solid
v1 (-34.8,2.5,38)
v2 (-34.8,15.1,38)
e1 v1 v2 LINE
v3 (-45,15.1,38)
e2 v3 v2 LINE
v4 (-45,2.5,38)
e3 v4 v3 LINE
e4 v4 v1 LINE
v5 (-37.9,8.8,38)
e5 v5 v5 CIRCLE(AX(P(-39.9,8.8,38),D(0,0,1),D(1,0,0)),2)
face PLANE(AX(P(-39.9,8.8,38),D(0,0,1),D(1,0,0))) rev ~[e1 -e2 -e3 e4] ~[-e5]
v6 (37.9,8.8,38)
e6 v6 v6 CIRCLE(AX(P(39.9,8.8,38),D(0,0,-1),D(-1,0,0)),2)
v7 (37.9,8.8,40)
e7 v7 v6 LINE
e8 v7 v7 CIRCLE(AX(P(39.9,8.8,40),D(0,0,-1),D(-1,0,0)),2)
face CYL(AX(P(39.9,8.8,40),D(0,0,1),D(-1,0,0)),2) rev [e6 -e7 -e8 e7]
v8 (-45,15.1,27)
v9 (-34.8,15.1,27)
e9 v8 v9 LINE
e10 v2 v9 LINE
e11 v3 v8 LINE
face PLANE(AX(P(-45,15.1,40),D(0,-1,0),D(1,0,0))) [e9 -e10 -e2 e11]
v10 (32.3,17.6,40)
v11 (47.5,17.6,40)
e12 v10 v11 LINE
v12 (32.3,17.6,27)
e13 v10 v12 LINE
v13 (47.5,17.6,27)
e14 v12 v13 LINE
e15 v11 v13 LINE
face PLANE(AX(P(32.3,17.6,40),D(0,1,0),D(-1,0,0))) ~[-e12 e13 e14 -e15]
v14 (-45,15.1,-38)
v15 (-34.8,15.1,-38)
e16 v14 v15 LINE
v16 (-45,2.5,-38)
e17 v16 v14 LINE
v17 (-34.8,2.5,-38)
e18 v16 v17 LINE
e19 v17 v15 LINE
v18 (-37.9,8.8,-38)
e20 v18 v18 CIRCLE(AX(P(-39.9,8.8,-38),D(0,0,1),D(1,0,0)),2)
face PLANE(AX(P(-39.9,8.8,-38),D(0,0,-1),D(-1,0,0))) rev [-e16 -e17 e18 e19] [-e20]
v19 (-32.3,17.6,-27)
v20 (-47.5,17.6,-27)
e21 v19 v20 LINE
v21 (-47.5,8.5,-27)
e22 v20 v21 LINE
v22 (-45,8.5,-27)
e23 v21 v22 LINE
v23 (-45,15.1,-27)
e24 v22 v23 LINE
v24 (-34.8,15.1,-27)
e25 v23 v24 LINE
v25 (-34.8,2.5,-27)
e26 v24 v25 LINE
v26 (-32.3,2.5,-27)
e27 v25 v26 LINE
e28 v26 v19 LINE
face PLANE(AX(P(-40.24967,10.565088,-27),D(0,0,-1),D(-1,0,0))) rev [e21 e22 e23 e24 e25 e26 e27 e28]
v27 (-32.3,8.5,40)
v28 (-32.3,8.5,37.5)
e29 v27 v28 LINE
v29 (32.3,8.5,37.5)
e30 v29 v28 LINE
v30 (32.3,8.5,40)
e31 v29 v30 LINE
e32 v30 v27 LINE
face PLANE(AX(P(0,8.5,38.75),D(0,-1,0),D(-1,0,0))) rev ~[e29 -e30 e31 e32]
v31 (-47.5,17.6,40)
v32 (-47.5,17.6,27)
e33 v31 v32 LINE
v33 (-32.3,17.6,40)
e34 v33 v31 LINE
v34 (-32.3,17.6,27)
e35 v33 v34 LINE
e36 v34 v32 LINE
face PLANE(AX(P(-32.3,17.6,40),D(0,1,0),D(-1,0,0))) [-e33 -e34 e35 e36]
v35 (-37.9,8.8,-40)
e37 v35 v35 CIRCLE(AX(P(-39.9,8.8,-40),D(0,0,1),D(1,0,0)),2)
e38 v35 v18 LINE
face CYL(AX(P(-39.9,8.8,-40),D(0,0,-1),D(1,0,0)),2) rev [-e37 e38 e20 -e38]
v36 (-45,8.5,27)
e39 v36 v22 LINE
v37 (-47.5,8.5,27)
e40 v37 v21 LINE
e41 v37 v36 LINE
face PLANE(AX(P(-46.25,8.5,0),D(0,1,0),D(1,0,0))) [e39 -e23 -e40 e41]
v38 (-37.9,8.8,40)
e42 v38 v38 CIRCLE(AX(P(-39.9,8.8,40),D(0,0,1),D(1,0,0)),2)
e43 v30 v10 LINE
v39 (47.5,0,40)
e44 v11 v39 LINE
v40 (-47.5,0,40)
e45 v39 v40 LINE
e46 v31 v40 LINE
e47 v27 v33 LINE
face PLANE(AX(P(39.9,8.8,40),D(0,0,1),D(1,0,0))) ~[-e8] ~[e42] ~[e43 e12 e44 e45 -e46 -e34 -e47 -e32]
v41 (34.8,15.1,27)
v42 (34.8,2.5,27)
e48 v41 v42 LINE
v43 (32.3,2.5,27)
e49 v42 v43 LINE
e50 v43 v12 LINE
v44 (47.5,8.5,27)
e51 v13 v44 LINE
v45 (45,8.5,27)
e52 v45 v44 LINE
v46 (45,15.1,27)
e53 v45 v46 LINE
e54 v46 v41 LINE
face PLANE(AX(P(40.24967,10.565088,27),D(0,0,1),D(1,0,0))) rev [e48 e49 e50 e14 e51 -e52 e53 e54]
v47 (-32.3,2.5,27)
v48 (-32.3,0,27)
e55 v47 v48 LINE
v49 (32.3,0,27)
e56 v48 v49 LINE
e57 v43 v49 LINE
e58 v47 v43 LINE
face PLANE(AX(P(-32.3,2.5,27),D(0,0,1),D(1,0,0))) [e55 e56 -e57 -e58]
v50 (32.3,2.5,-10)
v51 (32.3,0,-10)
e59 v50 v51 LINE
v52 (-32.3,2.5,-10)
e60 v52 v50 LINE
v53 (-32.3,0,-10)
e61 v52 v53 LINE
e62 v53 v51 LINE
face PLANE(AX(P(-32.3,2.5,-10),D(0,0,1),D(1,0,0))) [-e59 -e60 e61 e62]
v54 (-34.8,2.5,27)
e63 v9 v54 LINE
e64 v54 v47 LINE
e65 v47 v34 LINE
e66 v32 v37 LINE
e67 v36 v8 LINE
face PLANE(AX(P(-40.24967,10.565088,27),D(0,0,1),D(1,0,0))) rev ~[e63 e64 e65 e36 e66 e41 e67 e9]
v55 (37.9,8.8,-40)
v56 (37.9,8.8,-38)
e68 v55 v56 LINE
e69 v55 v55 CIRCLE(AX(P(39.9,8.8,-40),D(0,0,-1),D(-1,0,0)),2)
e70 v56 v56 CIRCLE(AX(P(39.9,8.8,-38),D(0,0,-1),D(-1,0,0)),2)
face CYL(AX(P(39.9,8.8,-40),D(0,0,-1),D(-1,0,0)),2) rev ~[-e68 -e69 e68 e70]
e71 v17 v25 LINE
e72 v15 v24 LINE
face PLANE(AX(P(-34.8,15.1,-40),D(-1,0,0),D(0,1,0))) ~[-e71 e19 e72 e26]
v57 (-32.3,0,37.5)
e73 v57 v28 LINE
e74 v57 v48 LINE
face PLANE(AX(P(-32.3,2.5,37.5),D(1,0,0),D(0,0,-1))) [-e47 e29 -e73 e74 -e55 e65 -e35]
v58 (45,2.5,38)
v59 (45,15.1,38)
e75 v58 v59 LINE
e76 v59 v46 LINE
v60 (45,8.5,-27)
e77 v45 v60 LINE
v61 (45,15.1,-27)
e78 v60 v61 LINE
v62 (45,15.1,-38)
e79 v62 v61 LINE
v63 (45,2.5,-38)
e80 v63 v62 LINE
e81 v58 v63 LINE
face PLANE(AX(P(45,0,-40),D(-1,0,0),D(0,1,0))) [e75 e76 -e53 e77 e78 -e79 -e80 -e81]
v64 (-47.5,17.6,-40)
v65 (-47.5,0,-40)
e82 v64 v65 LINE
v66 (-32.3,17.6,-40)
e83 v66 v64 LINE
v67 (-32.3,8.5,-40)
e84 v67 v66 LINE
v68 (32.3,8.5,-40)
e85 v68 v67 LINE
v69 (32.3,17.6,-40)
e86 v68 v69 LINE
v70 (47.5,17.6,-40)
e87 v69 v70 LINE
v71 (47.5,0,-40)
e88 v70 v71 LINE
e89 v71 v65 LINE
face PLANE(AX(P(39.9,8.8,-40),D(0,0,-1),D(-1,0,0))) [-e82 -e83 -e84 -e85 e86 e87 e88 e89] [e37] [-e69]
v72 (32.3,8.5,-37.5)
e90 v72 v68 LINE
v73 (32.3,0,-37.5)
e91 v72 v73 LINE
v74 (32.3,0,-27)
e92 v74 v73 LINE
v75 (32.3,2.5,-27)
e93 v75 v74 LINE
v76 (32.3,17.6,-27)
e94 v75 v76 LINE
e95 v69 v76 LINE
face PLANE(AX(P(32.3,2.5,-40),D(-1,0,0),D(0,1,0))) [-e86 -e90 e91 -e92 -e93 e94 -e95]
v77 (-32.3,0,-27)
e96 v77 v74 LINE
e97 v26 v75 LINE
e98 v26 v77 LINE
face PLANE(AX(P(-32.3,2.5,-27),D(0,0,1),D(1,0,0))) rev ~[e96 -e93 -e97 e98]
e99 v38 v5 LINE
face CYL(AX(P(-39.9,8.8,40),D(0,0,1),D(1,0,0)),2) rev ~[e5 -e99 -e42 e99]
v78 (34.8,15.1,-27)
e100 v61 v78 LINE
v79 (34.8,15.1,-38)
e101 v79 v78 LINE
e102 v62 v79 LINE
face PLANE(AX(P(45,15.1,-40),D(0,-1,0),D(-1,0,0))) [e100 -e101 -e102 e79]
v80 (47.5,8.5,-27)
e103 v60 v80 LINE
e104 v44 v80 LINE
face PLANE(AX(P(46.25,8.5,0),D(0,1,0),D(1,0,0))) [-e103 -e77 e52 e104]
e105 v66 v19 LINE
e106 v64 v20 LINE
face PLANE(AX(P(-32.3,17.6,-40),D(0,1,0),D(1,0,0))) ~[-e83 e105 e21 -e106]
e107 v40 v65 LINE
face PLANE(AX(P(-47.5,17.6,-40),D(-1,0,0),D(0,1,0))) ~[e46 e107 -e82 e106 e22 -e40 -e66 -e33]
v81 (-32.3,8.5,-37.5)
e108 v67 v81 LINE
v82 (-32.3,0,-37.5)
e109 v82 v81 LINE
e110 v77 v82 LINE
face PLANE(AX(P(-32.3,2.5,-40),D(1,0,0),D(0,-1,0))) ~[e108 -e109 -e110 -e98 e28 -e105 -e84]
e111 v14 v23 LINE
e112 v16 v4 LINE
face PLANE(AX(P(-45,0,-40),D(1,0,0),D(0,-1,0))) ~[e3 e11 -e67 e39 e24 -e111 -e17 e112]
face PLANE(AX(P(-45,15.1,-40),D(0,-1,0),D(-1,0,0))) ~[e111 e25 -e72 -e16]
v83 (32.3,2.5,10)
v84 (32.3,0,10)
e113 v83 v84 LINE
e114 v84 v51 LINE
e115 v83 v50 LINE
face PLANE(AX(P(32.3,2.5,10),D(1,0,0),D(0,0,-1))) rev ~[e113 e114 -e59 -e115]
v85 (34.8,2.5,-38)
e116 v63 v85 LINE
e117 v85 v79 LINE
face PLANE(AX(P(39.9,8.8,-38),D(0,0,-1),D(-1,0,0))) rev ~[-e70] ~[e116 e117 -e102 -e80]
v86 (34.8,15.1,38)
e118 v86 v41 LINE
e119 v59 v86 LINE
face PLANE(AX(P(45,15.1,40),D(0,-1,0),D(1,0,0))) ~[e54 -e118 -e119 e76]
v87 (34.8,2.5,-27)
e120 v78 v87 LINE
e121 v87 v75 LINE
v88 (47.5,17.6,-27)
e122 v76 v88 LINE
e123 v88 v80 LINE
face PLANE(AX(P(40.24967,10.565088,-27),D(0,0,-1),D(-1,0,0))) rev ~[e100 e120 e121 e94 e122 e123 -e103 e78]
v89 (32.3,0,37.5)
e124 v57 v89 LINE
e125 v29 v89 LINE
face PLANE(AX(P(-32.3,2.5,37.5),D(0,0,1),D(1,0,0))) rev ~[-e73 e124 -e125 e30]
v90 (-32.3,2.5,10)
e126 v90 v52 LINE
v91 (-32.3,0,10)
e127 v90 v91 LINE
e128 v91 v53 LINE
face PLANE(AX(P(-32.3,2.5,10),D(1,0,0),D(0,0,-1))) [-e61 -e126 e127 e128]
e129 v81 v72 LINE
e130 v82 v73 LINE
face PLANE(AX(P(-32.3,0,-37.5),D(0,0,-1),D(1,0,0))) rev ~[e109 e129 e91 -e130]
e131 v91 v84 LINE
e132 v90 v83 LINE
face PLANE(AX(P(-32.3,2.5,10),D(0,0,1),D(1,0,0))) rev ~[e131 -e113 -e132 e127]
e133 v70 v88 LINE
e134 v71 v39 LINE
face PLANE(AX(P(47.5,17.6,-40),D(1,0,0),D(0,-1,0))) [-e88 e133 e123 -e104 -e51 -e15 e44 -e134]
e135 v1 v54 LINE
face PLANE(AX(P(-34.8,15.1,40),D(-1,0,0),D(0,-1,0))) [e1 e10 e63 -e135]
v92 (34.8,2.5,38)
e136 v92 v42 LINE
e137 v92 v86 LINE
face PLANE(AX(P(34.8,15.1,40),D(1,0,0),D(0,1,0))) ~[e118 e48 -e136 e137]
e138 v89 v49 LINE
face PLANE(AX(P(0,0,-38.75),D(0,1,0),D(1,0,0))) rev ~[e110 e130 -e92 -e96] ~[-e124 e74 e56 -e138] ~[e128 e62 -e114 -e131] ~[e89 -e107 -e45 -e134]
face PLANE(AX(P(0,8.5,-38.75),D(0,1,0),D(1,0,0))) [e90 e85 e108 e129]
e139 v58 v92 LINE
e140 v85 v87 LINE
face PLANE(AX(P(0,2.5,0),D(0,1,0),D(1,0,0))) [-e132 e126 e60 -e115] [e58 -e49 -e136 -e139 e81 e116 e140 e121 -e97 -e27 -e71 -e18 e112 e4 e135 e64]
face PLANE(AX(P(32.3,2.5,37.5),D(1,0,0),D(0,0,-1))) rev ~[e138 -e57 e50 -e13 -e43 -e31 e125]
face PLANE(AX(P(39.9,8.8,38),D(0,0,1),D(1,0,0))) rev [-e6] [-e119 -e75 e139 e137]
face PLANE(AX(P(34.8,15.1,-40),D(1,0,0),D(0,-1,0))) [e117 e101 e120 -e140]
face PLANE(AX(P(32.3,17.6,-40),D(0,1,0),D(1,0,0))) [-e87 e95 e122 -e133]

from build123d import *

# Parameters (mm, degrees)
SKETCH1_W                                  = 90
SKETCH1_H                                  = 80
BOSS_EXTRUDE1_DEPTH                        = 2.5
BOSS_EXTRUDE2_DEPTH                        = 13
SKETCH2_3_W                                = 10.2
SKETCH2_3_H                                = 12.6
SKETCH2_3_R                                = 2
BOSS_EXTRUDE3_DEPTH                        = 2
MIRROR1_AT_THE_SECOND_PLANE_COPY_1_DEPTH   = 13
MIRROR1_AT_THE_SECOND_PLANE_COPY_2_SKETC_W = 10.2
MIRROR1_AT_THE_SECOND_PLANE_COPY_2_SKETC_H = 12.6
MIRROR1_AT_THE_SECOND_PLANE_COPY_2_SKETC_R = 2
MIRROR1_AT_THE_SECOND_PLANE_COPY_2_DEPTH   = 2
BOSS_EXTRUDE4_DEPTH                        = 6
BOSS_EXTRUDE4_DEPTH_BACK                   = 2.5
SKETCH4_W                                  = 2.5
SKETCH4_H                                  = 54
SKETCH5_W                                  = 64.6
SKETCH5_H                                  = 10.5
SKETCH5_H_2                                = 20
CUT_EXTRUDE1_DEPTH                         = 64.908215434


with BuildPart() as part:
    # Sketch1 → Boss-Extrude1 (new body)
    with BuildSketch(Plane(origin=(0, 0, 0), x_dir=(1, 0, 0), z_dir=(0, 1, 0))):
        Rectangle(SKETCH1_W, SKETCH1_H)
    extrude(amount=BOSS_EXTRUDE1_DEPTH)

    # Sketch2 → Boss-Extrude2 (add)
    with BuildSketch(Plane.XY.offset(40)):
        Polygon((-45, 15.1), (-34.8, 15.1), (-34.8, 2.5), (-32.3, 2.5), (-32.3, 17.6), (-47.5, 17.6), (-47.5, 0), (-45, 0), (-45, 2.5), align=None)
    boss_extrude2 = extrude(amount=-BOSS_EXTRUDE2_DEPTH)

    # Sketch2<3> → Boss-Extrude3 (add)
    with BuildSketch(Plane.XY.offset(40)):
        with Locations((-39.9, 8.8)):
            Rectangle(SKETCH2_3_W, SKETCH2_3_H)
        with Locations((-39.9, 8.8)):
            Circle(SKETCH2_3_R, mode=Mode.SUBTRACT)
    boss_extrude3 = extrude(amount=-BOSS_EXTRUDE3_DEPTH)

    # Mirror1: Boss-Extrude2, Boss-Extrude3 across plane
    add(boss_extrude2.mirror(Plane.XY))
    add(boss_extrude3.mirror(Plane.XY))

    # Mirror1 at the second plane: Boss-Extrude2, Boss-Extrude3 across plane
    add(boss_extrude2.mirror(Plane(origin=(0, 0, 0), x_dir=(0, 0, 1), z_dir=(1, 0, 0))))
    add(boss_extrude3.mirror(Plane(origin=(0, 0, 0), x_dir=(0, 0, 1), z_dir=(1, 0, 0))))

    # Mirror1 at the second plane copy 1 sketc → Mirror1 at the second plane copy 1 (add)
    with BuildSketch(Plane(origin=(0, 0, -40), x_dir=(-1, 0, 0), z_dir=(0, 0, -1))):
        Polygon((-45, 15.1), (-34.8, 15.1), (-34.8, 2.5), (-32.3, 2.5), (-32.3, 17.6), (-47.5, 17.6), (-47.5, 0), (-45, 0), (-45, 2.5), align=None)
    extrude(amount=-MIRROR1_AT_THE_SECOND_PLANE_COPY_1_DEPTH)

    # Mirror1 at the second plane copy 2 sketc → Mirror1 at the second plane copy 2 (add)
    with BuildSketch(Plane(origin=(0, 0, -40), x_dir=(-1, 0, 0), z_dir=(0, 0, -1))):
        with Locations((-39.9, 8.8)):
            Rectangle(MIRROR1_AT_THE_SECOND_PLANE_COPY_2_SKETC_W, MIRROR1_AT_THE_SECOND_PLANE_COPY_2_SKETC_H)
        with Locations((-39.9, 8.8)):
            Circle(MIRROR1_AT_THE_SECOND_PLANE_COPY_2_SKETC_R, mode=Mode.SUBTRACT)
    extrude(amount=-MIRROR1_AT_THE_SECOND_PLANE_COPY_2_DEPTH)

    # Sketch4 → Boss-Extrude4 (add, two sides: drawn at the far end of the back side and taken through both)
    with BuildSketch(Plane(origin=(0, 2.5, 0), x_dir=(1, 0, 0), z_dir=(0, 1, 0)).offset(-BOSS_EXTRUDE4_DEPTH_BACK)):
        Polygon((32.3, 37.5), (32.3, 40), (-32.3, 40), (-32.3, 37.5), (-29.8, 37.5), (29.8, 37.5), align=None)
        Polygon((32.3, -37.5), (32.3, -40), (-32.3, -40), (-32.3, -37.5), (-29.8, -37.5), (29.8, -37.5), align=None)
        with Locations((46.25, 0)):
            Rectangle(SKETCH4_W, SKETCH4_H)
        with Locations((-46.25, 0)):
            Rectangle(SKETCH4_W, SKETCH4_H)
    extrude(amount=BOSS_EXTRUDE4_DEPTH + BOSS_EXTRUDE4_DEPTH_BACK)

    # Sketch5 → Cut-Extrude1 (cut, through all)
    with BuildSketch(Plane(origin=(0, 2.5, 0), x_dir=(1, 0, 0), z_dir=(0, 1, 0))):
        with Locations((0, -32.25)):
            Rectangle(SKETCH5_W, SKETCH5_H)
        with Locations((0, 32.25)):
            Rectangle(SKETCH5_W, SKETCH5_H)
        Rectangle(SKETCH5_W, SKETCH5_H_2)
    extrude(amount=-CUT_EXTRUDE1_DEPTH, mode=Mode.SUBTRACT)


solid = part.part
